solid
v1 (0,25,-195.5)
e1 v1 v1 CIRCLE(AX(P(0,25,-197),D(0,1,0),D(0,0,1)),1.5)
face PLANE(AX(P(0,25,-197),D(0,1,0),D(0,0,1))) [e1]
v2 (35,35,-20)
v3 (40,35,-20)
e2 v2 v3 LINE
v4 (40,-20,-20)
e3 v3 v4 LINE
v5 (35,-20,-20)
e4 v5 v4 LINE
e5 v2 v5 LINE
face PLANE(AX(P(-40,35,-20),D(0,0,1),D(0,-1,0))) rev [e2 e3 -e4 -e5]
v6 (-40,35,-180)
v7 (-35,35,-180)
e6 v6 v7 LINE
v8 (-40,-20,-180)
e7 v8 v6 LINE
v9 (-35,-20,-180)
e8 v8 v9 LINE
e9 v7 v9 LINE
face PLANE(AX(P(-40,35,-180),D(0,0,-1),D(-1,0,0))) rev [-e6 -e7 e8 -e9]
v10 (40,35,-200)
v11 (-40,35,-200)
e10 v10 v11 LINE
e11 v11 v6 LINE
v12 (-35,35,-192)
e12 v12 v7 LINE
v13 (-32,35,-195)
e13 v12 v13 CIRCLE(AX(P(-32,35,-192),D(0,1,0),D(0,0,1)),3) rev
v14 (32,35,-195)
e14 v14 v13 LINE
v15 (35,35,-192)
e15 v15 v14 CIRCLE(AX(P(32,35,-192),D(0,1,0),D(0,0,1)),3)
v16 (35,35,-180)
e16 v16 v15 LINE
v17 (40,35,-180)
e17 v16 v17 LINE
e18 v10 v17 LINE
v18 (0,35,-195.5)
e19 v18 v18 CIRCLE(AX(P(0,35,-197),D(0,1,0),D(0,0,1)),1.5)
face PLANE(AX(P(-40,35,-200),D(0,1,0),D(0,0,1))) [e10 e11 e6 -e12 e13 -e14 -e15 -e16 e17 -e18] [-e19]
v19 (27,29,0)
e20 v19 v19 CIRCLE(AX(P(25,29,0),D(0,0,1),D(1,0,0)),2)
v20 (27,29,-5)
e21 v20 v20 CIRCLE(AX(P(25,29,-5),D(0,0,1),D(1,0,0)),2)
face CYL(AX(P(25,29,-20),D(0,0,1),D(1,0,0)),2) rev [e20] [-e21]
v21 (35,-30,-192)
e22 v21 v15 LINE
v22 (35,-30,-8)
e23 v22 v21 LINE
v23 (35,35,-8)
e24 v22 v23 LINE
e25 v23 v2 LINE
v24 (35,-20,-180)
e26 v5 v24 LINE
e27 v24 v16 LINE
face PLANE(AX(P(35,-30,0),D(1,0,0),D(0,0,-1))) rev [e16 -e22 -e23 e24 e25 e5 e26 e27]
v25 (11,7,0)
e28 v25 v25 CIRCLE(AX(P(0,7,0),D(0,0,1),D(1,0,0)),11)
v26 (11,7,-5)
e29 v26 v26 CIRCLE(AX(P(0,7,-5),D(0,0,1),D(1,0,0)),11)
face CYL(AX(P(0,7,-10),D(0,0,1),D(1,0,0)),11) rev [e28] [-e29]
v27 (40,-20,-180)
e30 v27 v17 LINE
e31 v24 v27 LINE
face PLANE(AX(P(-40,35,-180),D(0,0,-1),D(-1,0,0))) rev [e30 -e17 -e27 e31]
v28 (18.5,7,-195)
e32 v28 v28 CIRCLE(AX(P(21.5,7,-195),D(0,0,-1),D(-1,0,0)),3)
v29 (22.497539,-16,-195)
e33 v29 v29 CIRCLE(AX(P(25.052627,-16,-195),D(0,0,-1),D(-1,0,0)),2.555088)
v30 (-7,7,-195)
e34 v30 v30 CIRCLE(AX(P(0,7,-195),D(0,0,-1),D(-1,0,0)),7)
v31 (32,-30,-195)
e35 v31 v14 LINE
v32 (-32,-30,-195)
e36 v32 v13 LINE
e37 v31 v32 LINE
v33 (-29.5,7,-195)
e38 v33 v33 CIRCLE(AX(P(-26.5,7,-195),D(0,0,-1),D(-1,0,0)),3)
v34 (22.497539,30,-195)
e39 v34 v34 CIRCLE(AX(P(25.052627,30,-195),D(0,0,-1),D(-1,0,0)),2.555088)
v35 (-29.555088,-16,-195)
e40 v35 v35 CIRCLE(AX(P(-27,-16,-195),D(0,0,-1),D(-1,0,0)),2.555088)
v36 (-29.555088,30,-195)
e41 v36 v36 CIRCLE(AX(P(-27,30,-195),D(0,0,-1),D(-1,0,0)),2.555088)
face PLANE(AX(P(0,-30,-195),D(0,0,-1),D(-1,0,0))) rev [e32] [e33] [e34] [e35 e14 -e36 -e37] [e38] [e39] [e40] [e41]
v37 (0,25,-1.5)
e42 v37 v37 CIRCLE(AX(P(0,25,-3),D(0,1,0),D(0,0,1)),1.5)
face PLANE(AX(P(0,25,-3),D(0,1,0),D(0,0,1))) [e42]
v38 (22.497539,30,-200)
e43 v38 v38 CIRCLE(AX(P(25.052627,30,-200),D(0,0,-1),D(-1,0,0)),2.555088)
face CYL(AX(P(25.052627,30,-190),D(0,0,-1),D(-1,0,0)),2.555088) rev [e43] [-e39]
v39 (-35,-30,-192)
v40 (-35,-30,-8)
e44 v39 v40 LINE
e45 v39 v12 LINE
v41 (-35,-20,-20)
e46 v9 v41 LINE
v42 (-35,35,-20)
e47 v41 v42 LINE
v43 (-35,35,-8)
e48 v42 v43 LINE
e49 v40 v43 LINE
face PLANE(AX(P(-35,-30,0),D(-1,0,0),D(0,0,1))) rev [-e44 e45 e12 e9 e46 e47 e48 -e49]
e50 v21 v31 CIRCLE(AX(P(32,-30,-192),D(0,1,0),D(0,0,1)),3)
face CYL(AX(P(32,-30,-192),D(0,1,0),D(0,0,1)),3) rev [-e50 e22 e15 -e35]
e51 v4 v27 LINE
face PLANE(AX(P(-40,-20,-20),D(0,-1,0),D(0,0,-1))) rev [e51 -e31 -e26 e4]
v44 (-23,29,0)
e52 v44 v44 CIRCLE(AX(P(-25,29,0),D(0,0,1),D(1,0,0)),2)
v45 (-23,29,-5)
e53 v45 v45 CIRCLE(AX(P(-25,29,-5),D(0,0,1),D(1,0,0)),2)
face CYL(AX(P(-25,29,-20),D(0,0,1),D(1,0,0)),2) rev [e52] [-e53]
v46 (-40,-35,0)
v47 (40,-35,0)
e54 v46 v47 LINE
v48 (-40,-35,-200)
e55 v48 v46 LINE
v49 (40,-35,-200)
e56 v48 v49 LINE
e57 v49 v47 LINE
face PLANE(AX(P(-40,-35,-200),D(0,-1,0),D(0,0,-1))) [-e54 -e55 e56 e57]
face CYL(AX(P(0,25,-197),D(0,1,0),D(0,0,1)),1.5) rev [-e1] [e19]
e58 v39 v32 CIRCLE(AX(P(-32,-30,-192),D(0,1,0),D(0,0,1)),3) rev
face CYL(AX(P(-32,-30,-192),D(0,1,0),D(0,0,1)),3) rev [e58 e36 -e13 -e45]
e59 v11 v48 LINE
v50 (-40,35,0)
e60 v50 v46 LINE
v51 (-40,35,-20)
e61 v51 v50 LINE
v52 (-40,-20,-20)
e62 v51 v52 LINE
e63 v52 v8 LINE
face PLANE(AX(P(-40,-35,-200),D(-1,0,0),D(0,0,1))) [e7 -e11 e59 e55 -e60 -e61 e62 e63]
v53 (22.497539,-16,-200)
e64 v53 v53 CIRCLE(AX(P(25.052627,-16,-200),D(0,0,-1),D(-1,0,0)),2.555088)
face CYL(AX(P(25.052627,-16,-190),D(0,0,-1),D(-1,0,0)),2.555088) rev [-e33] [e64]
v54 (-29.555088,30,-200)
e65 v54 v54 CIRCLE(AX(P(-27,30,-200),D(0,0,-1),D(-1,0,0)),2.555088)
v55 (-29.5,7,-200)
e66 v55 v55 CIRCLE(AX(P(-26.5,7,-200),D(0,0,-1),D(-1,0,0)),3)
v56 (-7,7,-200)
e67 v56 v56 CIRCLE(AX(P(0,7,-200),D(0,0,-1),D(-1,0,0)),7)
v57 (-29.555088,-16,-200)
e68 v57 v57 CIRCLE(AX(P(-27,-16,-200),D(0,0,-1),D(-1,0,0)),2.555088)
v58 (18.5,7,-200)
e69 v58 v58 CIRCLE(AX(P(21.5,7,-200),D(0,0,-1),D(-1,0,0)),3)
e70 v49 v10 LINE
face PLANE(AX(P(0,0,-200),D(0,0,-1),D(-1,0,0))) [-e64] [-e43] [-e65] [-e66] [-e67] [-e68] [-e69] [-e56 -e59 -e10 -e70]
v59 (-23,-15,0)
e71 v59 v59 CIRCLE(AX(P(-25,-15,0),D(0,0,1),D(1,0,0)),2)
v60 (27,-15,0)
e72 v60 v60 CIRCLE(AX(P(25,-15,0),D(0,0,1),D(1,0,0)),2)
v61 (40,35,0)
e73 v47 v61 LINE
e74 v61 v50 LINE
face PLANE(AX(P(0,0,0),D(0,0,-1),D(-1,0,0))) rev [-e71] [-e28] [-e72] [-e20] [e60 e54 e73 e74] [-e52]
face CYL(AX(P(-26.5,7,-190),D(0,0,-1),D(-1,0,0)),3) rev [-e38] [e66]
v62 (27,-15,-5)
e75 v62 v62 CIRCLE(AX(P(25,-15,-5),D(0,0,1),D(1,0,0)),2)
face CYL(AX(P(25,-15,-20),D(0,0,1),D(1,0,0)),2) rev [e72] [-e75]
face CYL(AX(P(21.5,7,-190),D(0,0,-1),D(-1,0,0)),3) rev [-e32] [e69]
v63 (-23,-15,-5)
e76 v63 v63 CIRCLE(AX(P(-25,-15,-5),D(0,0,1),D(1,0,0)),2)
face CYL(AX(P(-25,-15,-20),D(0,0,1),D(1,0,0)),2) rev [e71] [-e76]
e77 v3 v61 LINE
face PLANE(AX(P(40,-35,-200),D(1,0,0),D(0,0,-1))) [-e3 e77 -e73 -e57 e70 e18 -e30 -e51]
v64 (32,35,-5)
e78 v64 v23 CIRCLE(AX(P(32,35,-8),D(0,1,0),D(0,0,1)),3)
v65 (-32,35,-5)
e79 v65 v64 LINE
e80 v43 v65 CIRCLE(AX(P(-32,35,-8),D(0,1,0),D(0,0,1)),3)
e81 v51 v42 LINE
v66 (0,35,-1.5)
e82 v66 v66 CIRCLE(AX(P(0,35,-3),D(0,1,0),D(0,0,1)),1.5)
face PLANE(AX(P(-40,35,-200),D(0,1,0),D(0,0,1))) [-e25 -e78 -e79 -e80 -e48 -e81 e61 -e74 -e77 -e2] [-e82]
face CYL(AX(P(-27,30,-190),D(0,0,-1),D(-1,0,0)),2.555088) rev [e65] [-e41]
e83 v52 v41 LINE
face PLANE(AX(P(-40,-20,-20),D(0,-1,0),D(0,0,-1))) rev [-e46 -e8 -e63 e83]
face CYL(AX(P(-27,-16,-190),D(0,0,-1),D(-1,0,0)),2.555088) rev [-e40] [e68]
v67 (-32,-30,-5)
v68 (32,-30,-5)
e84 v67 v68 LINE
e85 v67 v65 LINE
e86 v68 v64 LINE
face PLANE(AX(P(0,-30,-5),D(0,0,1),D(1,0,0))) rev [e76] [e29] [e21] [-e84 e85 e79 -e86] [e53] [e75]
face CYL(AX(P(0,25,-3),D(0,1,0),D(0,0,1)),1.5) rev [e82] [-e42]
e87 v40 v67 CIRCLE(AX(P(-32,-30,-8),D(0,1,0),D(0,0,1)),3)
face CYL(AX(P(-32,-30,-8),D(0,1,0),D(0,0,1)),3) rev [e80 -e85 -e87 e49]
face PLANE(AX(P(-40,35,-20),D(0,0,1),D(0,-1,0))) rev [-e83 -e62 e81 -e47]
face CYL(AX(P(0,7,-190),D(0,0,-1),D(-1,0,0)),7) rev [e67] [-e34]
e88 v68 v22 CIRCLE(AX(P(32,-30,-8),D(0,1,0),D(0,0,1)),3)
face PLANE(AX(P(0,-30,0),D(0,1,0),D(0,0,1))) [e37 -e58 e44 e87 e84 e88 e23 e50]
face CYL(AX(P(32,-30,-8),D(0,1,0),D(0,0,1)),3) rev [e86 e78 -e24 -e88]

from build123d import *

# Parameters (mm, degrees)
SKETCH_1_W           = 80
SKETCH_1_H           = 70
EXTRUDE_1_DEPTH      = 200
CUT_EXTRUDE_1_DEPTH  = 65
SKETCH_3_R           = 11
CUT_EXTRUDE_2_DEPTH  = 10
SKETCH_4_R           = 2
SKETCH_4_W           = 27
SKETCH_4_H           = 36
CUT_EXTRUDE_3_DEPTH  = 10
SKETCH_7_R           = 1.5
CUT_EXTRUDE_6_DEPTH  = 10
SKETCH_8_W           = 160
SKETCH_8_H           = 55
CUT_EXTRUDE_7_DEPTH  = 81
SKETCH_10_R          = 7
CUT_EXTRUDE_9_DEPTH  = 10
SKETCH_11_R          = 3
CUT_EXTRUDE_10_DEPTH = 10
SKETCH_12_R          = 2.555087711
CUT_EXTRUDE_11_DEPTH = 10
SKETCH_13_R          = 2
CUT_EXTRUDE_12_DEPTH = 20


with BuildPart() as part:
    # 草图1 → 凸台-拉伸1 (new body)
    with BuildSketch(Plane.XY):
        Rectangle(SKETCH_1_W, SKETCH_1_H)
    extrude(amount=-EXTRUDE_1_DEPTH)

    # 草图2 → 切除-拉伸1 (cut)
    with BuildSketch(Plane(origin=(0, 35, 0), x_dir=(1, 0, 0), z_dir=(0, 1, 0))):
        with BuildLine():
            ThreePointArc((-35, 192), (-34.121320344, 194.121320344), (-32, 195))
            Line((-32, 195), (32, 195))
            ThreePointArc((32, 195), (34.121320344, 194.121320344), (35, 192))
            Line((35, 192), (35, 8))
            ThreePointArc((35, 8), (34.121320344, 5.878679656), (32, 5))
            Line((32, 5), (-32, 5))
            ThreePointArc((-32, 5), (-34.121320344, 5.878679656), (-35, 8))
            Line((-35, 8), (-35, 192))
        make_face()
    extrude(amount=-CUT_EXTRUDE_1_DEPTH, mode=Mode.SUBTRACT)

    # 草图3 → 切除-拉伸2 (cut)
    with BuildSketch(Plane.XY):
        with Locations((0, 7)):
            Circle(SKETCH_3_R)
    extrude(amount=-CUT_EXTRUDE_2_DEPTH, mode=Mode.SUBTRACT)

    # 草图4 → 切除-拉伸3 (cut)
    with BuildSketch(Plane.ZY.offset(40)):
        with Locations((-121.5, 2)):
            Circle(SKETCH_4_R)
        with Locations((-121.5, 26)):
            Circle(SKETCH_4_R)
        with Locations((-158.5, 26)):
            Circle(SKETCH_4_R)
        with Locations((-158.5, 2)):
            Circle(SKETCH_4_R)
        with Locations((-140, 14)):
            Rectangle(SKETCH_4_W, SKETCH_4_H)
    extrude(amount=-CUT_EXTRUDE_3_DEPTH, mode=Mode.SUBTRACT)

    # 草图7 → 切除-拉伸6 (cut)
    with BuildSketch(Plane(origin=(0, 35, 0), x_dir=(1, 0, 0), z_dir=(0, 1, 0))):
        with Locations((-37, 150)):
            Circle(SKETCH_7_R)
        with Locations((-37, 50)):
            Circle(SKETCH_7_R)
        with Locations((37, 50)):
            Circle(SKETCH_7_R)
        with Locations((37, 150)):
            Circle(SKETCH_7_R)
        with Locations((0, 197)):
            Circle(SKETCH_7_R)
        with Locations((0, 3)):
            Circle(SKETCH_7_R)
    extrude(amount=-CUT_EXTRUDE_6_DEPTH, mode=Mode.SUBTRACT)

    # 草图8 → 切除-拉伸7 (cut, through all)
    with BuildSketch(Plane(origin=(40, 0, 0), x_dir=(0, 0, -1), z_dir=(1, 0, 0))):
        with Locations((100, 7.5)):
            Rectangle(SKETCH_8_W, SKETCH_8_H)
    extrude(amount=-CUT_EXTRUDE_7_DEPTH, mode=Mode.SUBTRACT)

    # 草图10 → 切除-拉伸9 (cut)
    with BuildSketch(Plane(origin=(0, 0, -200), x_dir=(-1, 0, 0), z_dir=(0, 0, -1))):
        with Locations((0, 7)):
            Circle(SKETCH_10_R)
    extrude(amount=-CUT_EXTRUDE_9_DEPTH, mode=Mode.SUBTRACT)

    # 草图11 → 切除-拉伸10 (cut)
    with BuildSketch(Plane(origin=(0, 0, -200), x_dir=(-1, 0, 0), z_dir=(0, 0, -1))):
        with Locations((-21.5, 7)):
            Circle(SKETCH_11_R)
        with Locations((26.5, 7)):
            Circle(SKETCH_11_R)
    extrude(amount=-CUT_EXTRUDE_10_DEPTH, mode=Mode.SUBTRACT)

    # 草图12 → 切除-拉伸11 (cut)
    with BuildSketch(Plane(origin=(0, 0, -200), x_dir=(-1, 0, 0), z_dir=(0, 0, -1))):
        with Locations((-25.052626778, -16)):
            Circle(SKETCH_12_R)
        with Locations((-25.052626778, 30)):
            Circle(SKETCH_12_R)
        with Locations((27, 30)):
            Circle(SKETCH_12_R)
        with Locations((27, -16)):
            Circle(SKETCH_12_R)
    extrude(amount=-CUT_EXTRUDE_11_DEPTH, mode=Mode.SUBTRACT)

    # 草图13 → 切除-拉伸12 (cut)
    with BuildSketch(Plane.XY):
        with Locations((25, -15)):
            Circle(SKETCH_13_R)
        with Locations((25, 29)):
            Circle(SKETCH_13_R)
        with Locations((-25, 29)):
            Circle(SKETCH_13_R)
        with Locations((-25, -15)):
            Circle(SKETCH_13_R)
    extrude(amount=-CUT_EXTRUDE_12_DEPTH, mode=Mode.SUBTRACT)


solid = part.part
